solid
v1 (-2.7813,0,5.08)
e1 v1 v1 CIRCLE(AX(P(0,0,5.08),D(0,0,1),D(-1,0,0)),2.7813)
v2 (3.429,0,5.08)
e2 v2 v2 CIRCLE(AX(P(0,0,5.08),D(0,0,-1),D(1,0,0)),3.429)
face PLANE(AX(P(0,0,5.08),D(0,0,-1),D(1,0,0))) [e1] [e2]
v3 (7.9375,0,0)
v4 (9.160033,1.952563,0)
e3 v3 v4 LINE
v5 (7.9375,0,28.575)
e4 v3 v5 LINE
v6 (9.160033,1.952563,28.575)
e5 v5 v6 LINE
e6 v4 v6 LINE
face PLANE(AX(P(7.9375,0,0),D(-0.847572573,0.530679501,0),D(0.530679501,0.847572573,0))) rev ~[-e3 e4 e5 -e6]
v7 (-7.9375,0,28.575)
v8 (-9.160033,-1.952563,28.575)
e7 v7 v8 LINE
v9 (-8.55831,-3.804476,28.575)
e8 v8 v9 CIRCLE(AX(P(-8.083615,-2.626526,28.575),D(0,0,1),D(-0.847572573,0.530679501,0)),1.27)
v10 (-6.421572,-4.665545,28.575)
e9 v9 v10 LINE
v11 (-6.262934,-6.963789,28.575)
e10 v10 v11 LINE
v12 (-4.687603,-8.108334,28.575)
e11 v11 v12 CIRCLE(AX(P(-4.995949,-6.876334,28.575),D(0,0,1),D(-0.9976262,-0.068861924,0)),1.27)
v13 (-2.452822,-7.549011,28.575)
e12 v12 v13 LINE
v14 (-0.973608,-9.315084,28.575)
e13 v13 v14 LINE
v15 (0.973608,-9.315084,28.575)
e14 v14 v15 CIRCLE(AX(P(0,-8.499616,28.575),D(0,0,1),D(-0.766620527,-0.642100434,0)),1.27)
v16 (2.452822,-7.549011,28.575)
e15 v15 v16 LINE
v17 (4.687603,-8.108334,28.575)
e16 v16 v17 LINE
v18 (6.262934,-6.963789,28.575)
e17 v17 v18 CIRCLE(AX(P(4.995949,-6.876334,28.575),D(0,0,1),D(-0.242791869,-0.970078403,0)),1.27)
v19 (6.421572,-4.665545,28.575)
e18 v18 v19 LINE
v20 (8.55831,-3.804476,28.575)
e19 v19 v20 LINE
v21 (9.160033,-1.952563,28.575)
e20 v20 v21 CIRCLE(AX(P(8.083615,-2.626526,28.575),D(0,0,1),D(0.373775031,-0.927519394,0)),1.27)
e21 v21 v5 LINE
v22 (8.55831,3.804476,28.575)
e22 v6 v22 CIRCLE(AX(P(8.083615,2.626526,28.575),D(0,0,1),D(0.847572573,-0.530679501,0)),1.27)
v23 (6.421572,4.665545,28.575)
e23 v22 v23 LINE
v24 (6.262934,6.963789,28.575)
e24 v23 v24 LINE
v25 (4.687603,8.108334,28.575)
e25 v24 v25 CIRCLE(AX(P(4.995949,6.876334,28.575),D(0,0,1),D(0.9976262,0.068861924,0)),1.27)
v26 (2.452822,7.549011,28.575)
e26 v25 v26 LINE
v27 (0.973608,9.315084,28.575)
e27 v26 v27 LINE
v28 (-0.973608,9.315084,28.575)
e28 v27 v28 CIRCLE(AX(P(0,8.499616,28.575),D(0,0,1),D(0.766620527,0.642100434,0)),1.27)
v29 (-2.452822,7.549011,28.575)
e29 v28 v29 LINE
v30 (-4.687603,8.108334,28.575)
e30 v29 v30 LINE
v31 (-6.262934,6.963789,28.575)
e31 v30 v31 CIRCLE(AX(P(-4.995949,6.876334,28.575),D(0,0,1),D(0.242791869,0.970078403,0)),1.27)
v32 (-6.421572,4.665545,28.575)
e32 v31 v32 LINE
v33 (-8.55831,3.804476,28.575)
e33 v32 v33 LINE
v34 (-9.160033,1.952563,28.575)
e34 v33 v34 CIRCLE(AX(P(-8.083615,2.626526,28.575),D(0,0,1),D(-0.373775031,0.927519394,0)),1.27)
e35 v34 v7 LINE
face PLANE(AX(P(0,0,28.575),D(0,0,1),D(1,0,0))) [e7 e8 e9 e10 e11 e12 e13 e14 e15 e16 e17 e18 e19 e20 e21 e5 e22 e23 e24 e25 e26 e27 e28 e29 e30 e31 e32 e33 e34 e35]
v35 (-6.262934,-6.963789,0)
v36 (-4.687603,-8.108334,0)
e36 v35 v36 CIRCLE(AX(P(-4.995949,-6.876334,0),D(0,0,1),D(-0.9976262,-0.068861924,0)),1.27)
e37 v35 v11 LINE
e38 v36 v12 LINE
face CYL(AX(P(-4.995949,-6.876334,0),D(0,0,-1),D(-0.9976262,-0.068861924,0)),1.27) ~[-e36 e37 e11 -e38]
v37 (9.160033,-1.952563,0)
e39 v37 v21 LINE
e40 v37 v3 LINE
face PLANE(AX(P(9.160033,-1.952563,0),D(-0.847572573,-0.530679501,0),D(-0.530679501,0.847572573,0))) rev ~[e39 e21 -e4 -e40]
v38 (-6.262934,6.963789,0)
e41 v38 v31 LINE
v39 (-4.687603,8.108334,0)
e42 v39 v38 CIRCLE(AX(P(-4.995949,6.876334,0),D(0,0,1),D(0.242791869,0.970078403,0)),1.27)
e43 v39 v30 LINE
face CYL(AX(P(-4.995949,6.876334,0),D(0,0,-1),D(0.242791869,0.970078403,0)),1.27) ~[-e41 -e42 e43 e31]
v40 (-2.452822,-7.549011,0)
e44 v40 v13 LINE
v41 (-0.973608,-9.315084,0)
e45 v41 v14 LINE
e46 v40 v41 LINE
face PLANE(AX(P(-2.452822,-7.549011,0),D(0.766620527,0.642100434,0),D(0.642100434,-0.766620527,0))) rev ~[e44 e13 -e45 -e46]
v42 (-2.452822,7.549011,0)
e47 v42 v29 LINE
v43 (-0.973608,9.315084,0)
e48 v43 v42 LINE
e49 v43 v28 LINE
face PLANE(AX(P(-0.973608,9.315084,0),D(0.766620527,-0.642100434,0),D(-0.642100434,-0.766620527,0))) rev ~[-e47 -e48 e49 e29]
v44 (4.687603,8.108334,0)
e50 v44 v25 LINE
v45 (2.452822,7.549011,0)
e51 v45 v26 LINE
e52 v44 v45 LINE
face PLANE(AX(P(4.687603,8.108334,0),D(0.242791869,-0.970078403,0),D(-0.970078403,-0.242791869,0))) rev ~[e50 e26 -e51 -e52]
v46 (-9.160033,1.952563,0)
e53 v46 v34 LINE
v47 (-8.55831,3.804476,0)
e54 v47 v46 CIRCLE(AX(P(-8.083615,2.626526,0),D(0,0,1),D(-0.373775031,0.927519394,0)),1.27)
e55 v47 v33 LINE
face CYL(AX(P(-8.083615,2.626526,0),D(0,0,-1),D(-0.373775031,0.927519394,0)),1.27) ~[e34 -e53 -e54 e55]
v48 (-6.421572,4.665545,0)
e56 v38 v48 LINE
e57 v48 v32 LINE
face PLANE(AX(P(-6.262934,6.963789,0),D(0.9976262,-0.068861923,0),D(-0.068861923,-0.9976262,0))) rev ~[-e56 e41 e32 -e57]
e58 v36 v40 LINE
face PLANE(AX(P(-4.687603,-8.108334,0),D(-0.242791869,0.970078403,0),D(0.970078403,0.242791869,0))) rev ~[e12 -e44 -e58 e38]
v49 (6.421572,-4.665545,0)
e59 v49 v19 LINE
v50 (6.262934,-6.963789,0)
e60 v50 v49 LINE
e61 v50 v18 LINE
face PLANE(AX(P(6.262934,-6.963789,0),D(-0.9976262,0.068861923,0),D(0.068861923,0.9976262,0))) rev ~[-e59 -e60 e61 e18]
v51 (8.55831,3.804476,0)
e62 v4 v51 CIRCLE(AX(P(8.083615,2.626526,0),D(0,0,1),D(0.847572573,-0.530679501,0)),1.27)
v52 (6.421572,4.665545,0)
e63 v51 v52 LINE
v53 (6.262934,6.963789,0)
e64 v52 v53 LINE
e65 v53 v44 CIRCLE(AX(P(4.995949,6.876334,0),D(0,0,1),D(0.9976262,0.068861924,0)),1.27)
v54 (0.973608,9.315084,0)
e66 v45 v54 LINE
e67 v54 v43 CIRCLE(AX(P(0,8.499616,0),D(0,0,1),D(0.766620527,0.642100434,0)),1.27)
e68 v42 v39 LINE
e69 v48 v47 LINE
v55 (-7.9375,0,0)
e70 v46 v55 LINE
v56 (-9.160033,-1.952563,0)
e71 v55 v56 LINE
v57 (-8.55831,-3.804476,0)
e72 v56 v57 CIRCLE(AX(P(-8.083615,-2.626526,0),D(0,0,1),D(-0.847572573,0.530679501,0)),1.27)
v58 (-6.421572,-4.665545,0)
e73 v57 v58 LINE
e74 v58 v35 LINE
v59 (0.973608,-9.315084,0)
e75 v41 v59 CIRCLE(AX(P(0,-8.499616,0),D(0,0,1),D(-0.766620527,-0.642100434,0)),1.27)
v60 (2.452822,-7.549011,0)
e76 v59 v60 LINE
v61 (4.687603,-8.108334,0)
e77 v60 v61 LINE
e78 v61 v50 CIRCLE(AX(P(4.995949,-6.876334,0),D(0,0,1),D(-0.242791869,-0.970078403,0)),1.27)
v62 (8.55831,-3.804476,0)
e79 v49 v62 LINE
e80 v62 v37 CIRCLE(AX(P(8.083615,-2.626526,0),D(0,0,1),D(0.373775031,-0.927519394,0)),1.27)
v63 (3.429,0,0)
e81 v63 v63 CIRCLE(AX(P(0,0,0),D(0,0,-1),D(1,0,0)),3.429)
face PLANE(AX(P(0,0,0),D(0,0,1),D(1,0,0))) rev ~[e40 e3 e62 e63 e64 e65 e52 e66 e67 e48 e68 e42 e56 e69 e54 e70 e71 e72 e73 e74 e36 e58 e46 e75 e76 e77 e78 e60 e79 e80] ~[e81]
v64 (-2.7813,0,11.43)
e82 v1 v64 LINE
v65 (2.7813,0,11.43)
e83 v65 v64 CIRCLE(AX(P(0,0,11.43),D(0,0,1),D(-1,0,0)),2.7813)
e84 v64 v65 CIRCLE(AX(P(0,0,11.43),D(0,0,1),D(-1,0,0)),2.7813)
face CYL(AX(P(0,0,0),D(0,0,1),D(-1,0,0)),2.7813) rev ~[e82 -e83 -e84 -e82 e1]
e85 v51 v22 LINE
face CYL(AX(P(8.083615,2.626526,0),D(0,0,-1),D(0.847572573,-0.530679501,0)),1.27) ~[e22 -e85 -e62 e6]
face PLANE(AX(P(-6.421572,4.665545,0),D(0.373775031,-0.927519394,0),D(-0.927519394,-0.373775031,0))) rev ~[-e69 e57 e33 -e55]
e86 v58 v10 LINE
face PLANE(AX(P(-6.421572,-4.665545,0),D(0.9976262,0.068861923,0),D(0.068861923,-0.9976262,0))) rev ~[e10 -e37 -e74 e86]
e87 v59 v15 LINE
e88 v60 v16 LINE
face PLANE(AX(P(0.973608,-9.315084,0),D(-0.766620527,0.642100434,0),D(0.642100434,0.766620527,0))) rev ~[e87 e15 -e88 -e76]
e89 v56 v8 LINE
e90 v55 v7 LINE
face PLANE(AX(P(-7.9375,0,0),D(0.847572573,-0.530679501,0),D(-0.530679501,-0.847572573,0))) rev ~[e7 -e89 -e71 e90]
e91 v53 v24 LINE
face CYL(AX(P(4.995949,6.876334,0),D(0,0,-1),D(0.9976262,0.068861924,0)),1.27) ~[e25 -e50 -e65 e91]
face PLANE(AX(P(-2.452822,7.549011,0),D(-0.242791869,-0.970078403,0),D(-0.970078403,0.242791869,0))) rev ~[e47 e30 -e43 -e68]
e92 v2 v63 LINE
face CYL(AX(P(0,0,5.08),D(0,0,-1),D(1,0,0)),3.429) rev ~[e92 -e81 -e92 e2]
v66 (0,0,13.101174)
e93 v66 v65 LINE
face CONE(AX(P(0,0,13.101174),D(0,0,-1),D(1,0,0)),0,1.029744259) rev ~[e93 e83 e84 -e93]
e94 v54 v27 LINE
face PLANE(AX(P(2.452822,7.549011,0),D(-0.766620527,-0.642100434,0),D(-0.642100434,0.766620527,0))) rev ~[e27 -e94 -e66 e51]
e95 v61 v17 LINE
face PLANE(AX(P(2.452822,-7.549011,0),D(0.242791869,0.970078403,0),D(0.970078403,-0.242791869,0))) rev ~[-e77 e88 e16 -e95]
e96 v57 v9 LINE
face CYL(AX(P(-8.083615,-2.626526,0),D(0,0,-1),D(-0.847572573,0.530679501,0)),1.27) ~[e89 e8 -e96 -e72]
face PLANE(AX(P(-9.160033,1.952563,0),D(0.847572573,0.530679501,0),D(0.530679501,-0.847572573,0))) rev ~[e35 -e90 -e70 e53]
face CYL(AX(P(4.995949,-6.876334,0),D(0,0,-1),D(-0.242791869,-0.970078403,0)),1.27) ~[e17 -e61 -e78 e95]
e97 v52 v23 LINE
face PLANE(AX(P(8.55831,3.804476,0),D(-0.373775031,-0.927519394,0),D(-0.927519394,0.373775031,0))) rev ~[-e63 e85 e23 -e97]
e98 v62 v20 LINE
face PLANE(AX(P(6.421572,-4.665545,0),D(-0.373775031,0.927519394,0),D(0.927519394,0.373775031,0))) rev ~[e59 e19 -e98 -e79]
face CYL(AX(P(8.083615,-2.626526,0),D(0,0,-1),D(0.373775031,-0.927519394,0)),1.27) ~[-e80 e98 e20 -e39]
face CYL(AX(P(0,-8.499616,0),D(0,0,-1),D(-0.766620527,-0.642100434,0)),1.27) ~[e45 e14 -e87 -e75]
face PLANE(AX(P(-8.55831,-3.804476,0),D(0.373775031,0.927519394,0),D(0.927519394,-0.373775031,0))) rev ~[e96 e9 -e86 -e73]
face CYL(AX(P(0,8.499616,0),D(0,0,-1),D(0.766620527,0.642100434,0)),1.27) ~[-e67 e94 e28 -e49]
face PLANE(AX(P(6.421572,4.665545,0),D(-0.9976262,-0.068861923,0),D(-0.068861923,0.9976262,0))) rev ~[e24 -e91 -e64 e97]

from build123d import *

# Parameters (mm, degrees)
F1_DEPTH       = 28.575
F3_D           = 5.5626
F3_DEPTH       = 11.43
F3_CBORE_D     = 6.858
F3_CBORE_DEPTH = 5.08
F3_TIP         = 1.6711736397


with BuildPart() as f1:
    # F0 (on Top) → F1 (new body)
    with BuildSketch(Plane.XY):
        with BuildLine():
            Line((2.4528223929, 7.5490110981), (0.9736080693, 9.3150838242))
            ThreePointArc((0.9736080693, 9.3150838242), (0, 9.7696162728), (-0.9736080693, 9.3150838242))
            Line((-0.9736080693, 9.3150838242), (-2.4528223929, 7.5490110981))
            Line((-2.4528223929, 7.5490110981), (-4.6876034218, 8.1083335825))
            ThreePointArc((-4.6876034218, 8.1083335825), (-5.7424363657, 7.9037855932), (-6.2629343697, 6.9637886532))
            Line((-6.2629343697, 6.9637886532), (-6.4215723929, 4.6655454401))
            Line((-6.4215723929, 4.6655454401), (-8.5583097316, 3.8044755043))
            ThreePointArc((-8.5583097316, 3.8044755043), (-9.291457218, 3.0189774568), (-9.1600326102, 1.9525629071))
            Line((-9.1600326102, 1.9525629071), (-7.9375, 0))
            Line((-7.9375, 0), (-9.1600326102, -1.9525629071))
            ThreePointArc((-9.1600326102, -1.9525629071), (-9.291457218, -3.0189774568), (-8.5583097316, -3.8044755043))
            Line((-8.5583097316, -3.8044755043), (-6.4215723929, -4.6655454401))
            Line((-6.4215723929, -4.6655454401), (-6.2629343697, -6.9637886532))
            ThreePointArc((-6.2629343697, -6.9637886532), (-5.7424363657, -7.9037855932), (-4.6876034218, -8.1083335825))
            Line((-4.6876034218, -8.1083335825), (-2.4528223929, -7.5490110981))
            Line((-2.4528223929, -7.5490110981), (-0.9736080693, -9.3150838242))
            ThreePointArc((-0.9736080693, -9.3150838242), (0, -9.7696162728), (0.9736080693, -9.3150838242))
            Line((0.9736080693, -9.3150838242), (2.4528223929, -7.5490110981))
            Line((2.4528223929, -7.5490110981), (4.6876034218, -8.1083335825))
            ThreePointArc((4.6876034218, -8.1083335825), (5.7424363657, -7.9037855932), (6.2629343697, -6.9637886532))
            Line((6.2629343697, -6.9637886532), (6.4215723929, -4.6655454401))
            Line((6.4215723929, -4.6655454401), (8.5583097316, -3.8044755043))
            ThreePointArc((8.5583097316, -3.8044755043), (9.291457218, -3.0189774568), (9.1600326102, -1.9525629071))
            Line((9.1600326102, -1.9525629071), (7.9375, 0))
            Line((7.9375, 0), (9.1600326102, 1.9525629071))
            ThreePointArc((9.1600326102, 1.9525629071), (9.291457218, 3.0189774568), (8.5583097316, 3.8044755043))
            Line((8.5583097316, 3.8044755043), (6.4215723929, 4.6655454401))
            Line((6.4215723929, 4.6655454401), (6.2629343697, 6.9637886532))
            ThreePointArc((6.2629343697, 6.9637886532), (5.7424363657, 7.9037855932), (4.6876034218, 8.1083335825))
            Line((4.6876034218, 8.1083335825), (2.4528223929, 7.5490110981))
        make_face()
    extrude(amount=F1_DEPTH)

    # F3
    with Locations(Plane(origin=(0, 0, 0), x_dir=(1, 0, 0), z_dir=(0, 0, -1))):
        with Locations((0, 0)):
            CounterBoreHole(F3_D / 2, F3_CBORE_D / 2, F3_CBORE_DEPTH, depth=F3_DEPTH)
            with Locations((0, 0, -(F3_DEPTH + F3_TIP / 2))):  # 118° drill point
                Cone(0, F3_D / 2, F3_TIP, mode=Mode.SUBTRACT)


solid = f1.part
